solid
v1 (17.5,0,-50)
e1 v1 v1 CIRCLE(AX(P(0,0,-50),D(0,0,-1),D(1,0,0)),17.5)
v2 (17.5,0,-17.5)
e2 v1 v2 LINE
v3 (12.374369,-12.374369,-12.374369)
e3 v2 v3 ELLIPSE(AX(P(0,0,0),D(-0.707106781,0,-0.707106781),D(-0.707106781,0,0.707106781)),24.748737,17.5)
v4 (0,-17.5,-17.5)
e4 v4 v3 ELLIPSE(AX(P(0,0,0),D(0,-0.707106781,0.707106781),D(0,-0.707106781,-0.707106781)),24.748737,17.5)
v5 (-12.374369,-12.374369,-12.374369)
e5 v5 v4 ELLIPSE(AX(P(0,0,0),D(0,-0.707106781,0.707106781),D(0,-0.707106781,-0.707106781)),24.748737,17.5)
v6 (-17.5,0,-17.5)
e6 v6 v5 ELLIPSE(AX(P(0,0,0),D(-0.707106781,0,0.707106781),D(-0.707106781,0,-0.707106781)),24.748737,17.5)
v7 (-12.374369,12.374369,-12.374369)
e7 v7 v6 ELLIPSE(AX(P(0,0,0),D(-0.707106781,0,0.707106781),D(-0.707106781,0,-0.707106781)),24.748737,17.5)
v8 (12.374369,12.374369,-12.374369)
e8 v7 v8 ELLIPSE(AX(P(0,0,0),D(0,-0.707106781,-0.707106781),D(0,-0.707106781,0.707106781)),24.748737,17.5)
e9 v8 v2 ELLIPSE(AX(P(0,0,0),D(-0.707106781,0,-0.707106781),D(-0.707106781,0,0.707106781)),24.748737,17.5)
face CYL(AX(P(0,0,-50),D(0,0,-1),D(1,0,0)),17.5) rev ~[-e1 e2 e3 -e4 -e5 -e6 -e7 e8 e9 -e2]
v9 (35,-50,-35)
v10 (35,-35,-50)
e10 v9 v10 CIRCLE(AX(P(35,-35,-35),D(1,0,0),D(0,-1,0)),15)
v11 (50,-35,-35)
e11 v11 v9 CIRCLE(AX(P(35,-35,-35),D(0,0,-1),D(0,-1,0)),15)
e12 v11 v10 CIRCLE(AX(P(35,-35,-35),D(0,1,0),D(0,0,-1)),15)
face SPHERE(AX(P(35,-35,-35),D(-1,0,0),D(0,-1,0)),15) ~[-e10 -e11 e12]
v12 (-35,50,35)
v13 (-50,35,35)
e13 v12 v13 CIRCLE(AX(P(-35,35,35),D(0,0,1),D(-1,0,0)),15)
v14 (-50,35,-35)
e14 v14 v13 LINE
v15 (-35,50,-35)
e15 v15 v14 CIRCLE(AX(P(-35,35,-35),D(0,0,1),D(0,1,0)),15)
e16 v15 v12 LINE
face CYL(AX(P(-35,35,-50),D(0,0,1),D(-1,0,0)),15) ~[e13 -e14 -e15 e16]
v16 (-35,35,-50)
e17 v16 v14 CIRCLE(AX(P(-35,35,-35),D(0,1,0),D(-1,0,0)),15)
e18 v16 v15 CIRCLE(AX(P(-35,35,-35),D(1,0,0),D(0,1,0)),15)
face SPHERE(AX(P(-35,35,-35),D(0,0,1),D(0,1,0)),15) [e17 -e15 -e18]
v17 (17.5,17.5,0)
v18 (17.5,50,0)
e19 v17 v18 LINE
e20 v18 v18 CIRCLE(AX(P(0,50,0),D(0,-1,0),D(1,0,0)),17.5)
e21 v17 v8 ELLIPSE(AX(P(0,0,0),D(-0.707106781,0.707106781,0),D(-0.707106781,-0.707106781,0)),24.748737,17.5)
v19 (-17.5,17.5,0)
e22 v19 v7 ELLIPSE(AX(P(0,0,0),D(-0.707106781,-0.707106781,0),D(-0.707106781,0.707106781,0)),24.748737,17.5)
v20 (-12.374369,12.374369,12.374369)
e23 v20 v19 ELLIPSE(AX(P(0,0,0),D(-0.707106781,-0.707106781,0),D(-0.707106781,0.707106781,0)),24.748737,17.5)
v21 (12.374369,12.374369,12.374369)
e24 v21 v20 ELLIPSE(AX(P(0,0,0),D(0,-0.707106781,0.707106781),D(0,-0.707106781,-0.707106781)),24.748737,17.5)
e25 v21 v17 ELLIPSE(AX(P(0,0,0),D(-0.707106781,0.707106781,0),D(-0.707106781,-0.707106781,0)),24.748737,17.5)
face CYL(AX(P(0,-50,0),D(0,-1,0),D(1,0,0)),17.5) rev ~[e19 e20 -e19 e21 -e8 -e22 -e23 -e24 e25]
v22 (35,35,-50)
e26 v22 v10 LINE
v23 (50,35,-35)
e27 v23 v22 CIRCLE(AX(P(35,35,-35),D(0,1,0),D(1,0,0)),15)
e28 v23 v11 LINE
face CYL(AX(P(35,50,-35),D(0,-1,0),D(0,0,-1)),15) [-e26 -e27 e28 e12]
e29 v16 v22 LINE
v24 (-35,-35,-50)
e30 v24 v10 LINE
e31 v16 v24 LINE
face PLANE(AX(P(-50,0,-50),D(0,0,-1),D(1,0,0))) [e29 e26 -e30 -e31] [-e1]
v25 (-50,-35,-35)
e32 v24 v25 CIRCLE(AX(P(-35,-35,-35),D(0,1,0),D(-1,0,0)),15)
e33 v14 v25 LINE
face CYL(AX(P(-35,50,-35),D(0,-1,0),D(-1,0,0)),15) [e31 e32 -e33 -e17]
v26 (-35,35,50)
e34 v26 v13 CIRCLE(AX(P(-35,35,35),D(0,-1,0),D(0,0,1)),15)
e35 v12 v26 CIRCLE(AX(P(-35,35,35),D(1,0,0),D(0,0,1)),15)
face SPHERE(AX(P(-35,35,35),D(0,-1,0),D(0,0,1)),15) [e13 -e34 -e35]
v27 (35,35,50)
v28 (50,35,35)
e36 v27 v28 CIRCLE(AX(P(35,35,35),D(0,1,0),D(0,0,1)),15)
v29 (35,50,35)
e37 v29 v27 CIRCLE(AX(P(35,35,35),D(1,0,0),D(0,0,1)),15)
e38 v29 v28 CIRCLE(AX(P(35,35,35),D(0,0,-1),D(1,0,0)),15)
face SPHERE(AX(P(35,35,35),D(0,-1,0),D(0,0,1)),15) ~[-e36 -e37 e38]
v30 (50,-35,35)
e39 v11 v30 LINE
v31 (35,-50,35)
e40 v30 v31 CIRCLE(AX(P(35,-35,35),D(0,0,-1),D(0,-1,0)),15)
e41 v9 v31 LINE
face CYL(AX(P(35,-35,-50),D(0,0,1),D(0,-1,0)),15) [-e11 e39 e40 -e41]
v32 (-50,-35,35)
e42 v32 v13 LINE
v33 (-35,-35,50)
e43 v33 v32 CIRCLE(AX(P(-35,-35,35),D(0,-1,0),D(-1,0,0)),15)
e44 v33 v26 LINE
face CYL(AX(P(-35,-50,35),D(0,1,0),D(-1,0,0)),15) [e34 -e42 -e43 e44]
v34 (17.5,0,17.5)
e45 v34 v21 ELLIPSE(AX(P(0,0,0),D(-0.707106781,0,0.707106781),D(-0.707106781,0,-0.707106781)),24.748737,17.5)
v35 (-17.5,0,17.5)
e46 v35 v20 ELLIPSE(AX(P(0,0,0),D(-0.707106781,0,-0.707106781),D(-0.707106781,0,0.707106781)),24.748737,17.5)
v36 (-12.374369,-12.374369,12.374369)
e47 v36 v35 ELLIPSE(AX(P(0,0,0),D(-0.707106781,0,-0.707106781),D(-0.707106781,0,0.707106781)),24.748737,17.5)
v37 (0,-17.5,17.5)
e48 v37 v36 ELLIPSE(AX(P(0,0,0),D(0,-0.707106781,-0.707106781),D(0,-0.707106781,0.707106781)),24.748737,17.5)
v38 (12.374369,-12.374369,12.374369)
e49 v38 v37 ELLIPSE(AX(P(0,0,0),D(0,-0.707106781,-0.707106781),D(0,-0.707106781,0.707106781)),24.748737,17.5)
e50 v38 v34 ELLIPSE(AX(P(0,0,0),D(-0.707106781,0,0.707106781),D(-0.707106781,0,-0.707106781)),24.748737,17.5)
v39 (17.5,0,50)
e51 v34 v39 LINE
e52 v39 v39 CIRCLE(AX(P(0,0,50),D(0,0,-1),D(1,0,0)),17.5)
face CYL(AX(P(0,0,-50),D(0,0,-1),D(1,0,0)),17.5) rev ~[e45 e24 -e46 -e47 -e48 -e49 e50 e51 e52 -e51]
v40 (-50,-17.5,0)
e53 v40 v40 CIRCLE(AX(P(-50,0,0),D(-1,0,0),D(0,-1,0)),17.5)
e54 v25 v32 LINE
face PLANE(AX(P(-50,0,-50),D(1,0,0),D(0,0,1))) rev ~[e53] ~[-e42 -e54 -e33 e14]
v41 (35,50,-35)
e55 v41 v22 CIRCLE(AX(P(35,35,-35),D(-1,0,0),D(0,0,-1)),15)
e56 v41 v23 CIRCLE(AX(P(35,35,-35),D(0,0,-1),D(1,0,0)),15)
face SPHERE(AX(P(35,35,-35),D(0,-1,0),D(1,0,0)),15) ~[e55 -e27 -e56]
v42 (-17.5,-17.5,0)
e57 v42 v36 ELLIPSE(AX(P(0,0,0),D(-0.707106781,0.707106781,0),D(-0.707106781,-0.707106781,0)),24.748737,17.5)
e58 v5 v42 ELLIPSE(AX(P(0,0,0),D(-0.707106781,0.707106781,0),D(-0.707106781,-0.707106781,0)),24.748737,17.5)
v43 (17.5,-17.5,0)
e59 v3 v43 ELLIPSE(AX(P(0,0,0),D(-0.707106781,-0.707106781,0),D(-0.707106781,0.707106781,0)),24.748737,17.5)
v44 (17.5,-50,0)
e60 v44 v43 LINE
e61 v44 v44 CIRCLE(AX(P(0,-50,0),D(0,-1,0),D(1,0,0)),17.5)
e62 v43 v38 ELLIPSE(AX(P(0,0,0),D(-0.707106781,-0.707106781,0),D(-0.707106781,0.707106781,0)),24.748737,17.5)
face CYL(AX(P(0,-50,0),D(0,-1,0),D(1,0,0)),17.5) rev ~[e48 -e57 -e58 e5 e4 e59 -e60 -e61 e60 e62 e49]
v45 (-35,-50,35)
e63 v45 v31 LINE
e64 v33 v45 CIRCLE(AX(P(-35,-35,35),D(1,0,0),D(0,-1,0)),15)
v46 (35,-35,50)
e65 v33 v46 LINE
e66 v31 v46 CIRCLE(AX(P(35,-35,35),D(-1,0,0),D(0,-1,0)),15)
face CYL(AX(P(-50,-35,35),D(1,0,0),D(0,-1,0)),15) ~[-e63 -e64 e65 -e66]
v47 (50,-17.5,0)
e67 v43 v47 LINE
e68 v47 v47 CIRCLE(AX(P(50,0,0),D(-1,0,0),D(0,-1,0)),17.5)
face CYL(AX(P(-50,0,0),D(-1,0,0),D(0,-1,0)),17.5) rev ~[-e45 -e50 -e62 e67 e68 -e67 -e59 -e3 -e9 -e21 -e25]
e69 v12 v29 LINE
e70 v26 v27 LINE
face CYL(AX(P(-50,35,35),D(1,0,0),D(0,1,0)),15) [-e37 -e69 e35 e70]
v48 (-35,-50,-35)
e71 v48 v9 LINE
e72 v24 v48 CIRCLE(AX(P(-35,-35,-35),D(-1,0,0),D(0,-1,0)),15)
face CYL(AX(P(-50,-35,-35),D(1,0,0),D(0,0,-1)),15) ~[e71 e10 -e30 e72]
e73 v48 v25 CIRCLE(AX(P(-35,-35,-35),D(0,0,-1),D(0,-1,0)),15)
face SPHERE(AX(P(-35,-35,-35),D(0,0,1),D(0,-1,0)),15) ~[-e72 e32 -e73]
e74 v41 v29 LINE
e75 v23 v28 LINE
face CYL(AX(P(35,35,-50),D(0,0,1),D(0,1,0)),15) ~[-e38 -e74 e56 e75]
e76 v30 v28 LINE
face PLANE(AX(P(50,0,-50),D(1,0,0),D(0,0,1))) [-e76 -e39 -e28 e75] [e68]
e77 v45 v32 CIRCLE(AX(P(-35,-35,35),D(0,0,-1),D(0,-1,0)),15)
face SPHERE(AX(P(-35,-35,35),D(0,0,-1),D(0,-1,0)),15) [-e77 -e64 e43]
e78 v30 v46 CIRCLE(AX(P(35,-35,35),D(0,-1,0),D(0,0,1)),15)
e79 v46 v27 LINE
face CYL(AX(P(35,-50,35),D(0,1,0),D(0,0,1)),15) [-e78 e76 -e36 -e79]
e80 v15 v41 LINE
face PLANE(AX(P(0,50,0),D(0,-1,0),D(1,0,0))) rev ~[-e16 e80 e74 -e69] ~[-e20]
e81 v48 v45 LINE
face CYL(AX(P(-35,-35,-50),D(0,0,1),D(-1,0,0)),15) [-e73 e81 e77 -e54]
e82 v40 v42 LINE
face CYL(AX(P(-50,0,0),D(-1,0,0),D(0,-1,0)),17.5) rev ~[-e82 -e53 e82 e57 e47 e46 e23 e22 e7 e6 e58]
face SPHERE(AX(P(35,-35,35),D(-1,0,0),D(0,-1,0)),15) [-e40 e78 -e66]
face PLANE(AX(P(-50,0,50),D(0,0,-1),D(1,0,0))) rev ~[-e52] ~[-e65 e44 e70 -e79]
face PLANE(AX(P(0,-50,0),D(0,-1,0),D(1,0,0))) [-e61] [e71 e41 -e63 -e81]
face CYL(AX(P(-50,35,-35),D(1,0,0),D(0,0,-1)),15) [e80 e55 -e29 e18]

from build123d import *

# Parameters (mm, degrees)
F0_W     = 100
F0_H     = 100
F1_DEPTH = 50
F2_R     = 17.5
F3_DEPTH = 100
F4_DEPTH = 100
F5_R     = 17.5
F6_DEPTH = 100
F7_R     = 17.5
F8_DEPTH = 100
F9_R     = 15


with BuildPart() as f1:
    # F0 (on Front) → F1 (new body, symmetric)
    with BuildSketch(Plane.XZ):
        Rectangle(F0_W, F0_H)
    extrude(amount=F1_DEPTH, both=True)

    # F2 (on face) → F3 (join, through all)
    with BuildSketch(Plane(origin=(-50, 0, 0), x_dir=(0, -1, 0), z_dir=(-1, 0, 0))):
        Circle(F2_R)
    extrude(amount=-F3_DEPTH)

    # F2 (on face) → F4 (cut, through all)
    with BuildSketch(Plane(origin=(-50, 0, 0), x_dir=(0, -1, 0), z_dir=(-1, 0, 0))):
        Circle(F2_R)
    extrude(amount=-F4_DEPTH, mode=Mode.SUBTRACT)

    # F5 (on face) → F6 (cut, through all)
    with BuildSketch(Plane.XZ.offset(50)):
        Circle(F5_R)
    extrude(amount=-F6_DEPTH, mode=Mode.SUBTRACT)

    # F7 (on face) → F8 (cut, through all)
    with BuildSketch(Plane(origin=(0, 0, -50), x_dir=(1, 0, 0), z_dir=(0, 0, -1))):
        Circle(F7_R)
    extrude(amount=-F8_DEPTH, mode=Mode.SUBTRACT)

    # F9
    f9_edges = [f1.edges().sort_by_distance(p)[0] for p in [
        (-50, -50, 0),
        (0, -50, 50),
        (0, -50, -50),
        (50, -50, 0),
        (50, 0, -50),
        (50, 0, 50),
        (-50, 0, 50),
        (0, 50, 50),
        (50, 50, 0),
        (-50, 50, 0),
        (0, 50, -50),
        (-50, 0, -50),
    ]]
    fillet(f9_edges, radius=F9_R)


solid = f1.part
